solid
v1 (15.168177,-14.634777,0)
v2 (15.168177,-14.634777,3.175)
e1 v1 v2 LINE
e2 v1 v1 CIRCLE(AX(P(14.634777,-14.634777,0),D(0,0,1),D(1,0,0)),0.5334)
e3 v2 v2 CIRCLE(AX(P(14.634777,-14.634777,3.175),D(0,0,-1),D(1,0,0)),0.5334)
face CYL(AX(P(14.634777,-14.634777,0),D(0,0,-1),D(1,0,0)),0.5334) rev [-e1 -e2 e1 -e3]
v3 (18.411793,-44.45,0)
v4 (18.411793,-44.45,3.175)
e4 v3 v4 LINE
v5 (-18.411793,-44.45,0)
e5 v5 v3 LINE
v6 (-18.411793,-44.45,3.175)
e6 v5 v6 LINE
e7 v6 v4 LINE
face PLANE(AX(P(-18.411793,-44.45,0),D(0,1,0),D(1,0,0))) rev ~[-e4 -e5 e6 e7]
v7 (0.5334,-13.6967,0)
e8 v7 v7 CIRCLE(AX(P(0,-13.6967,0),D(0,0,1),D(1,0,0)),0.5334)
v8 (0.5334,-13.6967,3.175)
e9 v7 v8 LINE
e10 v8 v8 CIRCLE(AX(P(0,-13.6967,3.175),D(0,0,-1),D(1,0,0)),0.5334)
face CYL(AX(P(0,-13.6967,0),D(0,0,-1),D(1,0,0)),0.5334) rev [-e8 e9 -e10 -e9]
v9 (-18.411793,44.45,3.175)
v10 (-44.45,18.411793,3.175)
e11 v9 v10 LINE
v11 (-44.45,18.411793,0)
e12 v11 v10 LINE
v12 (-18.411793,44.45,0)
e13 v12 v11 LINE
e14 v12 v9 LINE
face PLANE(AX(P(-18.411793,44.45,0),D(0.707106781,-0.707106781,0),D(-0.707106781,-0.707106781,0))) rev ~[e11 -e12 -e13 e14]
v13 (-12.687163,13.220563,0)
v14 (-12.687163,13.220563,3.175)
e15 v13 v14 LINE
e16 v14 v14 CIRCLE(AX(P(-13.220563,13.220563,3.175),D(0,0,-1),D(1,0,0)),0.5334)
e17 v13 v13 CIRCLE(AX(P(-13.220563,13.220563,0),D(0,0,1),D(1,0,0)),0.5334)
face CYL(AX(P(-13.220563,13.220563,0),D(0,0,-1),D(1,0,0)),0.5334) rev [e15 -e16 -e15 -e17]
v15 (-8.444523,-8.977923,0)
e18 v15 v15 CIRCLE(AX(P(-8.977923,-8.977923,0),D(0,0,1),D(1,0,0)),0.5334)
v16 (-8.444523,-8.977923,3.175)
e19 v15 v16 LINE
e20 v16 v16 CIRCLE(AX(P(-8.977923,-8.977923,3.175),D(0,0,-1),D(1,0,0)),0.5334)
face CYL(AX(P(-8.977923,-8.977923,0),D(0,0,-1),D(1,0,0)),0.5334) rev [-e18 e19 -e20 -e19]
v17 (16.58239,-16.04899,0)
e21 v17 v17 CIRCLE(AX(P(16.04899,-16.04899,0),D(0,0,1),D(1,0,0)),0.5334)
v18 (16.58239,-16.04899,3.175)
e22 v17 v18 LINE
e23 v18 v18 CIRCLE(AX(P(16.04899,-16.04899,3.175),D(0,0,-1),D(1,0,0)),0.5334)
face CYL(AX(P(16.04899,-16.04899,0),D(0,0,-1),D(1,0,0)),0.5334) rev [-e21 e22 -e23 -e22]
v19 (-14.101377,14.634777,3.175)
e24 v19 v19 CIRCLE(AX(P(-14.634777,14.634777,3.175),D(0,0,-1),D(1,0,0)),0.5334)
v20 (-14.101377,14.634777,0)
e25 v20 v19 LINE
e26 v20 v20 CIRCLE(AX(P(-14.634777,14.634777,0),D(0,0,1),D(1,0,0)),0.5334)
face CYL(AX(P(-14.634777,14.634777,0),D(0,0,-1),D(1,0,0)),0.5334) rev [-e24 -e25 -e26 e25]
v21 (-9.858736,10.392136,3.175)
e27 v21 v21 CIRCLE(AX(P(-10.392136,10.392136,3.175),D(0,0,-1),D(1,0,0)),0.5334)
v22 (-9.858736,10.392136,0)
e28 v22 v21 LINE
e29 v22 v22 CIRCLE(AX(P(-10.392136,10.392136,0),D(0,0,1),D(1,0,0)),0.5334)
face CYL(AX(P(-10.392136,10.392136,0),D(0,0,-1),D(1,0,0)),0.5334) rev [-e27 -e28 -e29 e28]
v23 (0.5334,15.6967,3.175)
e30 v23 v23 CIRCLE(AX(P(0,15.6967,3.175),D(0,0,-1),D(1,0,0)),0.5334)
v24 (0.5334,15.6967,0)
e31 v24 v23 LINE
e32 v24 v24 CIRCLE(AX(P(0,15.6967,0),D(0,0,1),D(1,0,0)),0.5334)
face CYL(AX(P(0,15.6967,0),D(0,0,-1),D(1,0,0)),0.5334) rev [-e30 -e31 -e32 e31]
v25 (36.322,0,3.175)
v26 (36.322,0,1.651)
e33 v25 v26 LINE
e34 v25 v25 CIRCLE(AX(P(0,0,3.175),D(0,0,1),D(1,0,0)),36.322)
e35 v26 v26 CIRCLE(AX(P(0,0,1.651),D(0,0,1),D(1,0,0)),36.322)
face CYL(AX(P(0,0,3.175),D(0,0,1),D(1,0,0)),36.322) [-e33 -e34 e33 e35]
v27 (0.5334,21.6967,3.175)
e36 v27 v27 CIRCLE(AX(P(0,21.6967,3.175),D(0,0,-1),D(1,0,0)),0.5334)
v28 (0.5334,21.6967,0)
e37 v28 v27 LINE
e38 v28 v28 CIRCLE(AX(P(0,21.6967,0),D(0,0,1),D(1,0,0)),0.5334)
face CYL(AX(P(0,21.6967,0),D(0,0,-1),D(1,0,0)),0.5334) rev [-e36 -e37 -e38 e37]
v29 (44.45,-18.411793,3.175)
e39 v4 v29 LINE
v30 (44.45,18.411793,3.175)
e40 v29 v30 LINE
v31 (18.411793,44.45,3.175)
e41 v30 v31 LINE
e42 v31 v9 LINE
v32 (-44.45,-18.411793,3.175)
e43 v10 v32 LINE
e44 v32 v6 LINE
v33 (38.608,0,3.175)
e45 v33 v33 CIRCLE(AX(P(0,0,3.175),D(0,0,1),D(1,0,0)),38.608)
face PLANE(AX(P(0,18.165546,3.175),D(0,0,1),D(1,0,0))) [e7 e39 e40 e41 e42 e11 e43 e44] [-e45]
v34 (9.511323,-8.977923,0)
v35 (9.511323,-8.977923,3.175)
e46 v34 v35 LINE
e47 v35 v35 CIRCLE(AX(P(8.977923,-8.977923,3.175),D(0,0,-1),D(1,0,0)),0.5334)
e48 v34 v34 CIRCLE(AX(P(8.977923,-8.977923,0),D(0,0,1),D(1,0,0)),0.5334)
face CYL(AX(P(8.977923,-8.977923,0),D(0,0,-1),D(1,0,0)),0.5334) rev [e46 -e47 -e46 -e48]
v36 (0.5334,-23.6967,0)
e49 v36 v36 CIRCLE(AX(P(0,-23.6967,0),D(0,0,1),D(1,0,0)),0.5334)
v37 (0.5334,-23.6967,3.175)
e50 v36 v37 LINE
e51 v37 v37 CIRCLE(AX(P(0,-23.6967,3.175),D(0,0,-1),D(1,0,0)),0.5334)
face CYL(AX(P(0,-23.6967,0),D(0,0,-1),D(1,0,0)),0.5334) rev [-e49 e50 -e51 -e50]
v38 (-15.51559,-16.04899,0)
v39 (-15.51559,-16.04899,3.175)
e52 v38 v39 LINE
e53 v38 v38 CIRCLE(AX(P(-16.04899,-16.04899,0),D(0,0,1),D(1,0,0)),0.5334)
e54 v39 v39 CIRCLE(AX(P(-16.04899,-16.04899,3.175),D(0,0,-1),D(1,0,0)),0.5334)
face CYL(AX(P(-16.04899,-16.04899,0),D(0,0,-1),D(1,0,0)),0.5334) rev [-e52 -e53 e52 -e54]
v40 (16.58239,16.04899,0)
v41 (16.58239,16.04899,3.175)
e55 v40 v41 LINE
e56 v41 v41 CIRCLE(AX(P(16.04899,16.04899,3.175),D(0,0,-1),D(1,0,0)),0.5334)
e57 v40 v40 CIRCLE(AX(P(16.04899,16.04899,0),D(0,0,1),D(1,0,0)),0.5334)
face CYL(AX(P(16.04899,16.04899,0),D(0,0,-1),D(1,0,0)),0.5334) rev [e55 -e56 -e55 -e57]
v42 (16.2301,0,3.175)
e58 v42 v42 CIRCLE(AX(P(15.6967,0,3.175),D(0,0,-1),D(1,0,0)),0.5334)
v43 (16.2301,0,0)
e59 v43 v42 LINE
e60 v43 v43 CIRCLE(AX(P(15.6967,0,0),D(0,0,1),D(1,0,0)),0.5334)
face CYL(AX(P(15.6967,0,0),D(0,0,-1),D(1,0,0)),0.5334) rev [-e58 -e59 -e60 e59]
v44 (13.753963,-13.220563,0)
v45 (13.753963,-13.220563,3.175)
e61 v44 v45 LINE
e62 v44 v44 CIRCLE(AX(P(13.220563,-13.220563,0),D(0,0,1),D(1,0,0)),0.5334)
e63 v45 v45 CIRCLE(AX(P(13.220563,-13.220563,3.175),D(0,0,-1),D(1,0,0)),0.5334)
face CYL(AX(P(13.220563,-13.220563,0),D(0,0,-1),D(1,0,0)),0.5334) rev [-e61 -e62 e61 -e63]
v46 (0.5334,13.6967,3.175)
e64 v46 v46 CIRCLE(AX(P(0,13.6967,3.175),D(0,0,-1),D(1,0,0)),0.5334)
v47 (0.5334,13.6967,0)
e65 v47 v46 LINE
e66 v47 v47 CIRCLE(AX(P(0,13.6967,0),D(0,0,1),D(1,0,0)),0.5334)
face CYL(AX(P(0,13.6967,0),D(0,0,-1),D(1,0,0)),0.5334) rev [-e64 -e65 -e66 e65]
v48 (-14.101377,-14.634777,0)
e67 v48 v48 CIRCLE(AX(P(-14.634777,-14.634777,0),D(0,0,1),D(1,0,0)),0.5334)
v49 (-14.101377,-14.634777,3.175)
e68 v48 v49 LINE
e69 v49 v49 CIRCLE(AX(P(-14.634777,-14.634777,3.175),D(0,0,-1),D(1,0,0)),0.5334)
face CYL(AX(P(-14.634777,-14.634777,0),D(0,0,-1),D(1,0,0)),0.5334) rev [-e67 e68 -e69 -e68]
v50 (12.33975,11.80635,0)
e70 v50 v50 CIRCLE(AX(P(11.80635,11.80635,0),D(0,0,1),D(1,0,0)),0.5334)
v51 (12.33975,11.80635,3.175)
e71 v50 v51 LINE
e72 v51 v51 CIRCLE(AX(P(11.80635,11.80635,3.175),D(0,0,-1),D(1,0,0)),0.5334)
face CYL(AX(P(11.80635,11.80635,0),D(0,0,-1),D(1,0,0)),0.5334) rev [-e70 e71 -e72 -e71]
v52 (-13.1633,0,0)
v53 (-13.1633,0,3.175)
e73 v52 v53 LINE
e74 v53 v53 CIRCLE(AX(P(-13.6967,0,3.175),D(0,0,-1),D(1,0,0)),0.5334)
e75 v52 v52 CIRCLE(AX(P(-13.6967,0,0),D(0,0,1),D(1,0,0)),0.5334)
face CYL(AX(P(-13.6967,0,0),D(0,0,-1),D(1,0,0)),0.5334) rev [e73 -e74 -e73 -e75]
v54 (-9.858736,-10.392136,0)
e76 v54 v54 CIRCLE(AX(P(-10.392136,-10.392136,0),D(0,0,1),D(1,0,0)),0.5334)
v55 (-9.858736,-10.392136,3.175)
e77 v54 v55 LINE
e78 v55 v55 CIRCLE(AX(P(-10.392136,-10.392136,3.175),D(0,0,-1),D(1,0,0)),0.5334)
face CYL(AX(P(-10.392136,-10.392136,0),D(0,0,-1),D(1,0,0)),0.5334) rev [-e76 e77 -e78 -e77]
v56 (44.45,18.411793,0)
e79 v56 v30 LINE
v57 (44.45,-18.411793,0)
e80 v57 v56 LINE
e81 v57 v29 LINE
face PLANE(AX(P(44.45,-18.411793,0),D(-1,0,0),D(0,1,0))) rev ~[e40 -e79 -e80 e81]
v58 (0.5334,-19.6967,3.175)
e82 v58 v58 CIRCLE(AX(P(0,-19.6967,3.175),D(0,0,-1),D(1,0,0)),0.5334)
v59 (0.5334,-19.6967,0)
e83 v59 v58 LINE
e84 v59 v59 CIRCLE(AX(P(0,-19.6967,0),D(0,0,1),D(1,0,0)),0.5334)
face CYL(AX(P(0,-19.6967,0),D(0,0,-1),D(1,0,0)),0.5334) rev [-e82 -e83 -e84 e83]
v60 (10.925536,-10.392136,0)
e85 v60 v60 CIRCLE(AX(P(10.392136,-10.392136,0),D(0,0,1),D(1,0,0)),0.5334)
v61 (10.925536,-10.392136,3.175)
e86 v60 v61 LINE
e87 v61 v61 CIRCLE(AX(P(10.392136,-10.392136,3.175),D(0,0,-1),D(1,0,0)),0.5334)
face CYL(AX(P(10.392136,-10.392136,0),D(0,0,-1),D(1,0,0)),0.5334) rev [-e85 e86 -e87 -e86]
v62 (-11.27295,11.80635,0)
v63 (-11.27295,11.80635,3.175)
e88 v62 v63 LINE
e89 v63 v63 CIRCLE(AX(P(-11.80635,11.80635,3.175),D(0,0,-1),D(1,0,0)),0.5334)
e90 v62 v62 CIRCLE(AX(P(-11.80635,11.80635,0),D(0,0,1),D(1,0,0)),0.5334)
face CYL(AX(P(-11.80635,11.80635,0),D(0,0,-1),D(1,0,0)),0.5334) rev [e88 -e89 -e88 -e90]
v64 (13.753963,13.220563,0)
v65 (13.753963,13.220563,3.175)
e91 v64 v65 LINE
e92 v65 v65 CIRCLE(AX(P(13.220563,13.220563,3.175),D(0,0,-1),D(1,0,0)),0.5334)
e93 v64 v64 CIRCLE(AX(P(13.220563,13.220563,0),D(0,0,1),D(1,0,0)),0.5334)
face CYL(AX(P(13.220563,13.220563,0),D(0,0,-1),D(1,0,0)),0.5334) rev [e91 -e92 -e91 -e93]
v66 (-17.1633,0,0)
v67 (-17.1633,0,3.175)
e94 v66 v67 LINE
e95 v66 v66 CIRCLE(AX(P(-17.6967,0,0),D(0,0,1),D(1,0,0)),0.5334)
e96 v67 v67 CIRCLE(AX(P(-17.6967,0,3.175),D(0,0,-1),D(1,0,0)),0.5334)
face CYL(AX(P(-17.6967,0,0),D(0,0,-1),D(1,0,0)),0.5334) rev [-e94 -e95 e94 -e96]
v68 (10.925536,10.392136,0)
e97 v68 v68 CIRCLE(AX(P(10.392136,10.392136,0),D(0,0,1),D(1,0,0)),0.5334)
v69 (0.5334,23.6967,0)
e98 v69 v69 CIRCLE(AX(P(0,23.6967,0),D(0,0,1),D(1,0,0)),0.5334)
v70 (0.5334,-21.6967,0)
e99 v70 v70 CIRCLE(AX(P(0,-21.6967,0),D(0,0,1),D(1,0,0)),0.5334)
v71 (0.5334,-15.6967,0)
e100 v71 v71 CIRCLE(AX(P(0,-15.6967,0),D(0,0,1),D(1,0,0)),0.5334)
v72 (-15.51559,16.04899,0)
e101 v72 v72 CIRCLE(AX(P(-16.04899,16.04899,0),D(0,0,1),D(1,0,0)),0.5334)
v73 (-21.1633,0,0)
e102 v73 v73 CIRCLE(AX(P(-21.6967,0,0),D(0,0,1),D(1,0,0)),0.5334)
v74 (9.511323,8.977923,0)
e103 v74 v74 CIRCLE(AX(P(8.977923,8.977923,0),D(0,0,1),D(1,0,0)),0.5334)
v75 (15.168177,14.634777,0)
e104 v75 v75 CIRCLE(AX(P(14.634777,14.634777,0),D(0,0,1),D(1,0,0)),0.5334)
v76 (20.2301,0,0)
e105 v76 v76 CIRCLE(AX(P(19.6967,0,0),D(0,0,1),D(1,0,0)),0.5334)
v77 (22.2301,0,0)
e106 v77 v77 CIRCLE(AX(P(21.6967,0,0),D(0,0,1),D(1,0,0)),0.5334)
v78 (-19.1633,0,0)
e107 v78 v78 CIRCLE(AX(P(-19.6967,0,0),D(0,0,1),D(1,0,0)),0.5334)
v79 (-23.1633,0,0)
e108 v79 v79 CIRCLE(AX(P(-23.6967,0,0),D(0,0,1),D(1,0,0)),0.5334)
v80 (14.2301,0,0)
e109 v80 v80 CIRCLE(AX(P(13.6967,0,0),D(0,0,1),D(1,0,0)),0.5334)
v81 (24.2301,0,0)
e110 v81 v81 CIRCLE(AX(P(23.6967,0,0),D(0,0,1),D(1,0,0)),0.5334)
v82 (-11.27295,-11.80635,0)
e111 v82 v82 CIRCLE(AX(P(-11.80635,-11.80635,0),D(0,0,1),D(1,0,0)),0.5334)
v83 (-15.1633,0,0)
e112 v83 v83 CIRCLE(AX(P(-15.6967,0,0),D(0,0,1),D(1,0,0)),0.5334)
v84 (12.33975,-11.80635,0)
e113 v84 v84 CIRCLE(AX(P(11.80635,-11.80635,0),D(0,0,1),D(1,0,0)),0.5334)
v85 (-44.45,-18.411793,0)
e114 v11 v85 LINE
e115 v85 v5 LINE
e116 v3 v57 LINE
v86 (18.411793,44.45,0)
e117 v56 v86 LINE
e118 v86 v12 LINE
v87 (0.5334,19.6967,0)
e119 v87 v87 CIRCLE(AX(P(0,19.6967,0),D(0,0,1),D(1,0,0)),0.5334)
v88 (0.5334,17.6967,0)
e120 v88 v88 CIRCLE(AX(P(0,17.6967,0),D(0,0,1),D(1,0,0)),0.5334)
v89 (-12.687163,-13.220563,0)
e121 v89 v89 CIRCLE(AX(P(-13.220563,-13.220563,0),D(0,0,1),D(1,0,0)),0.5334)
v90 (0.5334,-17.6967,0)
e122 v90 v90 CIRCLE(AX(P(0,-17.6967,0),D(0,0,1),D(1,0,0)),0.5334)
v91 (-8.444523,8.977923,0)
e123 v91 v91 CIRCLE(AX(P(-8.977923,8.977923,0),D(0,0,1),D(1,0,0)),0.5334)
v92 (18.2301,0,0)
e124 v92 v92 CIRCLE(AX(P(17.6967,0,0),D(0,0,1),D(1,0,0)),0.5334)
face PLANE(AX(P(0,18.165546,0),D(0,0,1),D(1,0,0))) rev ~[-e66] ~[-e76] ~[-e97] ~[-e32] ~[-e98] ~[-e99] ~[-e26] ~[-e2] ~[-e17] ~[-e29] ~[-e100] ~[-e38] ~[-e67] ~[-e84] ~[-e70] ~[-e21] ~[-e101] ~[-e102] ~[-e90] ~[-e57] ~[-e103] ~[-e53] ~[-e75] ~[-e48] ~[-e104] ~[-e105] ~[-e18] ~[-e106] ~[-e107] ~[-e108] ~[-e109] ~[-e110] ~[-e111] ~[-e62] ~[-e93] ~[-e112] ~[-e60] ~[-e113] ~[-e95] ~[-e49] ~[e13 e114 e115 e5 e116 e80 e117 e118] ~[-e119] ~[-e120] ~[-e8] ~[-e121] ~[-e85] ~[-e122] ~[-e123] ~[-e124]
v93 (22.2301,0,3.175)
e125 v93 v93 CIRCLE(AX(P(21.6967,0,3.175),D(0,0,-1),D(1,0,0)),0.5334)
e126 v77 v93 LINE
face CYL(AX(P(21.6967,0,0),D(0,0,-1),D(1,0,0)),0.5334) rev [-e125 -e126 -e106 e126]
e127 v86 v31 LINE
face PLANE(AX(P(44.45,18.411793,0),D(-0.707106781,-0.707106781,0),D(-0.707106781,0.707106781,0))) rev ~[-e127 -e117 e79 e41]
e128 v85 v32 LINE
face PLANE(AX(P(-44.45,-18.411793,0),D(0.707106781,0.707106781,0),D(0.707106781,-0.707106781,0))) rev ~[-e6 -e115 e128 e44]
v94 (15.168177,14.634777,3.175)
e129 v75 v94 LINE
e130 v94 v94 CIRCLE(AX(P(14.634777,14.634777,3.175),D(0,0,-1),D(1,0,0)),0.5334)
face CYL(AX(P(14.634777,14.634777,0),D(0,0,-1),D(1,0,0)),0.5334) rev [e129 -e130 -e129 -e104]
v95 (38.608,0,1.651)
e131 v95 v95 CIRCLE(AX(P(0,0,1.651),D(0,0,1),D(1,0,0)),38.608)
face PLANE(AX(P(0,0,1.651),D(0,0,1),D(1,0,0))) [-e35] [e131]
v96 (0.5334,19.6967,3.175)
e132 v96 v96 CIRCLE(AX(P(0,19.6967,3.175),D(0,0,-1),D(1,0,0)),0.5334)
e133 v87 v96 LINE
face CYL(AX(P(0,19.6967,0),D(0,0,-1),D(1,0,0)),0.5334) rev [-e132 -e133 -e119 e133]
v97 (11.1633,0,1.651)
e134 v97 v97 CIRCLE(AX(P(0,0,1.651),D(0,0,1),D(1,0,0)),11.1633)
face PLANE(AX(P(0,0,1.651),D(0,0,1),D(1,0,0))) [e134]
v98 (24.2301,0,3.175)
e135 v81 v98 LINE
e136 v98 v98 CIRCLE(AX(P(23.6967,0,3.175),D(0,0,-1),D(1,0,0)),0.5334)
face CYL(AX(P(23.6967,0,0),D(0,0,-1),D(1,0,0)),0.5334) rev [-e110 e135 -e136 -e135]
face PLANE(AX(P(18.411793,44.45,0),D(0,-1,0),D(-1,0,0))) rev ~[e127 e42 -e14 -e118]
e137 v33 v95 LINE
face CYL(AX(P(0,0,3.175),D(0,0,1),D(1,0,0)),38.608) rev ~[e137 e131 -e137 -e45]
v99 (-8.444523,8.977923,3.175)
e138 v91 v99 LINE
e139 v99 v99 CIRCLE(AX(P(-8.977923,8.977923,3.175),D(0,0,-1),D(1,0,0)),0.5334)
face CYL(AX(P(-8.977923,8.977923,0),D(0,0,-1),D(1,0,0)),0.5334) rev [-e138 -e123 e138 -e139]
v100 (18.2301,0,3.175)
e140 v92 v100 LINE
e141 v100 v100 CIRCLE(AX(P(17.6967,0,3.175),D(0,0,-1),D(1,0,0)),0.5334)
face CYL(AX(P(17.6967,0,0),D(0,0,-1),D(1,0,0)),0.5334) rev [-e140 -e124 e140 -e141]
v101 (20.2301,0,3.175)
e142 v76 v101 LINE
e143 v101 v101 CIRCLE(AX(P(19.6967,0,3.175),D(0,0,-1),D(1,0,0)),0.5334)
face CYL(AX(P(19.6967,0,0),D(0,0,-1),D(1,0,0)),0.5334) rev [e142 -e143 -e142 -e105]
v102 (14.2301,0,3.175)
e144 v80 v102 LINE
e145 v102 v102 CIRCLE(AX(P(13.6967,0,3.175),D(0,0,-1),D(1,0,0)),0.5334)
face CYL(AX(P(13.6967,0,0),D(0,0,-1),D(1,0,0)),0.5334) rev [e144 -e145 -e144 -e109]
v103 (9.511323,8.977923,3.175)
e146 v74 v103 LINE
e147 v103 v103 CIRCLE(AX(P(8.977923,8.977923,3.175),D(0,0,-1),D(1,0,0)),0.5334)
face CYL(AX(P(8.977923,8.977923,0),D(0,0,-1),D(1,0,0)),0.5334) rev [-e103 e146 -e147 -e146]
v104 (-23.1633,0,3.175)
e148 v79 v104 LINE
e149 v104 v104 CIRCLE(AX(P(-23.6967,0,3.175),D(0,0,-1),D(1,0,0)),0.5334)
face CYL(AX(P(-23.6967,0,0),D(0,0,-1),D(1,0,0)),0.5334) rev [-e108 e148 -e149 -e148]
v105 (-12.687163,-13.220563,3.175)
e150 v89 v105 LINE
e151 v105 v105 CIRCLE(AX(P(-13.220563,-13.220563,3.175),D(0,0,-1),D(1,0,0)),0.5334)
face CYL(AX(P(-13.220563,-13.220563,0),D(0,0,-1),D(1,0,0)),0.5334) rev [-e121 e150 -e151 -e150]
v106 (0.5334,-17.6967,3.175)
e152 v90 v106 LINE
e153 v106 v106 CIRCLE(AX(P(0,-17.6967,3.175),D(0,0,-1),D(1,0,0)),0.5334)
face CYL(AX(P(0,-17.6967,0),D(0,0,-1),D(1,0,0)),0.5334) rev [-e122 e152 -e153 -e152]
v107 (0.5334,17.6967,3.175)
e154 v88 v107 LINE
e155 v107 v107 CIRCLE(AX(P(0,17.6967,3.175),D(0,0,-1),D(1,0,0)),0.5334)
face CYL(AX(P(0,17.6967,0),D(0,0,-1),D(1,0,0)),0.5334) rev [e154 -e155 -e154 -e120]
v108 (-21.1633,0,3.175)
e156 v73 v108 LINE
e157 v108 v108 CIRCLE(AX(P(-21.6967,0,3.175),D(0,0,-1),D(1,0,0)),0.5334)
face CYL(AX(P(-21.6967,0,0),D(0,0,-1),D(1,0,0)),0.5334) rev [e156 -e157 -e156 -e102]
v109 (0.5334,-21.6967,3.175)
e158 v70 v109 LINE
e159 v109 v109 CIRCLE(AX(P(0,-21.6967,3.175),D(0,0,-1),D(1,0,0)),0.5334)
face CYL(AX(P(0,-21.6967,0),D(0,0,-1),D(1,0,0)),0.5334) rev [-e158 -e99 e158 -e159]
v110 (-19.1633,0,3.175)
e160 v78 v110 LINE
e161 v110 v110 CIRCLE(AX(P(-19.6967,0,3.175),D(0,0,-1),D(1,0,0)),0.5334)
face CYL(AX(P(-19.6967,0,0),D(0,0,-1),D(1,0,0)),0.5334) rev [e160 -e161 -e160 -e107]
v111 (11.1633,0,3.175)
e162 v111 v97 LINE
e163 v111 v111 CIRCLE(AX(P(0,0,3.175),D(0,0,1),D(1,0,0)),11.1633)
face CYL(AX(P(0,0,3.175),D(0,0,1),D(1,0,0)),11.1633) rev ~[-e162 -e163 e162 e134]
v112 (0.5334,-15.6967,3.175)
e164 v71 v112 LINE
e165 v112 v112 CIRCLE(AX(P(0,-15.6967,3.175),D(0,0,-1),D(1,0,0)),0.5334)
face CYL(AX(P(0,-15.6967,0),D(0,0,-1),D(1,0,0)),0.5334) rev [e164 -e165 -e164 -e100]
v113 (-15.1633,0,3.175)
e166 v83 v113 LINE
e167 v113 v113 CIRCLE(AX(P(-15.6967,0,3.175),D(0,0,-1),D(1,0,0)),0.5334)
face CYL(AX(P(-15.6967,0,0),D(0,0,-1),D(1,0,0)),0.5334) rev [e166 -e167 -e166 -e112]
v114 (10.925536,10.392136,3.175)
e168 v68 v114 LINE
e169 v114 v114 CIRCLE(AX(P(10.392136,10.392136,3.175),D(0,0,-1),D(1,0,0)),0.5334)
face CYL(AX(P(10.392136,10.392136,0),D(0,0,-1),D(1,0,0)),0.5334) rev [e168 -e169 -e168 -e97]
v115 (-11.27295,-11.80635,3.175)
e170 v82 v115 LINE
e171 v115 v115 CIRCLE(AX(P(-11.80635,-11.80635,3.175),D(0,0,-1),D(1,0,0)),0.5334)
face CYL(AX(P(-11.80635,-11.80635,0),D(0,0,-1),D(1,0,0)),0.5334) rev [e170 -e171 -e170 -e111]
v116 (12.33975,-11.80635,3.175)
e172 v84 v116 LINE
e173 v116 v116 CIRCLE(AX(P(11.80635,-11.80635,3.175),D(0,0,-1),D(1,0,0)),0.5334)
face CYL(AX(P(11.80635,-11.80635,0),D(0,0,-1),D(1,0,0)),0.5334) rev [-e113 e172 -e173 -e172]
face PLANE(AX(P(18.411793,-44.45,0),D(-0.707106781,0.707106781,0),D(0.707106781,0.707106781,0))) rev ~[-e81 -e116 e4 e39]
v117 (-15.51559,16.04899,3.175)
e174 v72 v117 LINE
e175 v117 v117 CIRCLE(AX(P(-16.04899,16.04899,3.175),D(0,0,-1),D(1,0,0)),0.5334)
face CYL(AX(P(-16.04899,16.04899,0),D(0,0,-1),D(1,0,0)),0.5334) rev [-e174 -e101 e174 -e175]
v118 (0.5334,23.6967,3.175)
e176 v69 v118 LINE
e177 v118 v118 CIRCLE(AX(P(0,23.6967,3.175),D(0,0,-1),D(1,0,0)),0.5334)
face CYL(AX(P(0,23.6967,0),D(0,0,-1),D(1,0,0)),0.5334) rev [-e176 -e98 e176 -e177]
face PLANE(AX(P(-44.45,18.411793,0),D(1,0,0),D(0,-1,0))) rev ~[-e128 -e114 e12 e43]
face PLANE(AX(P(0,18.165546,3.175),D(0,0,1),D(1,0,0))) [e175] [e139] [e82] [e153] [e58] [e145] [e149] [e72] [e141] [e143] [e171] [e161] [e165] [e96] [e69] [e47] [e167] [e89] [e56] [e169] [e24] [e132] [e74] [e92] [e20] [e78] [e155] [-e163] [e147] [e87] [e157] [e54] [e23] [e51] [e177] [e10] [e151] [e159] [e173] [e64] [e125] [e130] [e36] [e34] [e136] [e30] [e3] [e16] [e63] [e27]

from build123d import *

# Parameters (mm, degrees)
F1_DEPTH = 3.175
F2_R     = 38.608
F2_R_2   = 36.322
F2_R_3   = 11.1633
F3_DEPTH = 1.524
F4_R     = 0.5334
F5_DEPTH = 3.176


with BuildPart() as f1:
    # F0 (on Top) → F1 (new body)
    with BuildSketch(Plane.XY):
        Polygon((18.411793, 44.45), (-18.411793, 44.45), (-44.45, 18.411793), (-44.45, 0), (44.45, 0), (44.45, 18.411793), align=None)
        Polygon((44.45, 0), (-44.45, 0), (-44.45, -18.411793), (-18.411793, -44.45), (18.411793, -44.45), (44.45, -18.411793), align=None)
    extrude(amount=F1_DEPTH)

    # F2 (on face) → F3 (cut)
    with BuildSketch(Plane.XY.offset(3.175)):
        Circle(F2_R)
        Circle(F2_R_2, mode=Mode.SUBTRACT)
        Circle(F2_R_3)
    extrude(amount=-F3_DEPTH, mode=Mode.SUBTRACT)

    # F4 (on Top) → F5 (cut, through all)
    with BuildSketch(Plane.XY):
        with Locations((0, -13.6967)):
            Circle(F4_R)
        with Locations((0, -15.6967)):
            Circle(F4_R)
        with Locations((0, -17.6967)):
            Circle(F4_R)
        with Locations((0, -19.6967)):
            Circle(F4_R)
        with Locations((0, -21.6967)):
            Circle(F4_R)
        with Locations((0, -23.6967)):
            Circle(F4_R)
        with Locations((-8.977923, -8.977923)):
            Circle(F4_R)
        with Locations((-10.392136, -10.392136)):
            Circle(F4_R)
        with Locations((-11.80635, -11.80635)):
            Circle(F4_R)
        with Locations((-13.220563, -13.220563)):
            Circle(F4_R)
        with Locations((-14.634777, -14.634777)):
            Circle(F4_R)
        with Locations((-16.04899, -16.04899)):
            Circle(F4_R)
        with Locations((-21.6967, 0)):
            Circle(F4_R)
        with Locations((-23.6967, 0)):
            Circle(F4_R)
        with Locations((-13.6967, 0)):
            Circle(F4_R)
        with Locations((-17.6967, 0)):
            Circle(F4_R)
        with Locations((-15.6967, 0)):
            Circle(F4_R)
        with Locations((-19.6967, 0)):
            Circle(F4_R)
        with Locations((-16.04899, 16.04899)):
            Circle(F4_R)
        with Locations((-14.634777, 14.634777)):
            Circle(F4_R)
        with Locations((-8.977923, 8.977923)):
            Circle(F4_R)
        with Locations((-10.392136, 10.392136)):
            Circle(F4_R)
        with Locations((-13.220563, 13.220563)):
            Circle(F4_R)
        with Locations((-11.80635, 11.80635)):
            Circle(F4_R)
        with Locations((0, 21.6967)):
            Circle(F4_R)
        with Locations((0, 23.6967)):
            Circle(F4_R)
        with Locations((0, 13.6967)):
            Circle(F4_R)
        with Locations((0, 17.6967)):
            Circle(F4_R)
        with Locations((0, 15.6967)):
            Circle(F4_R)
        with Locations((0, 19.6967)):
            Circle(F4_R)
        with Locations((16.04899, 16.04899)):
            Circle(F4_R)
        with Locations((14.634777, 14.634777)):
            Circle(F4_R)
        with Locations((8.977923, 8.977923)):
            Circle(F4_R)
        with Locations((10.392136, 10.392136)):
            Circle(F4_R)
        with Locations((13.220563, 13.220563)):
            Circle(F4_R)
        with Locations((11.80635, 11.80635)):
            Circle(F4_R)
        with Locations((21.6967, 0)):
            Circle(F4_R)
        with Locations((23.6967, 0)):
            Circle(F4_R)
        with Locations((13.6967, 0)):
            Circle(F4_R)
        with Locations((17.6967, 0)):
            Circle(F4_R)
        with Locations((15.6967, 0)):
            Circle(F4_R)
        with Locations((19.6967, 0)):
            Circle(F4_R)
        with Locations((16.04899, -16.04899)):
            Circle(F4_R)
        with Locations((14.634777, -14.634777)):
            Circle(F4_R)
        with Locations((8.977923, -8.977923)):
            Circle(F4_R)
        with Locations((10.392136, -10.392136)):
            Circle(F4_R)
        with Locations((13.220563, -13.220563)):
            Circle(F4_R)
        with Locations((11.80635, -11.80635)):
            Circle(F4_R)
    extrude(amount=F5_DEPTH, mode=Mode.SUBTRACT)


solid = f1.part
